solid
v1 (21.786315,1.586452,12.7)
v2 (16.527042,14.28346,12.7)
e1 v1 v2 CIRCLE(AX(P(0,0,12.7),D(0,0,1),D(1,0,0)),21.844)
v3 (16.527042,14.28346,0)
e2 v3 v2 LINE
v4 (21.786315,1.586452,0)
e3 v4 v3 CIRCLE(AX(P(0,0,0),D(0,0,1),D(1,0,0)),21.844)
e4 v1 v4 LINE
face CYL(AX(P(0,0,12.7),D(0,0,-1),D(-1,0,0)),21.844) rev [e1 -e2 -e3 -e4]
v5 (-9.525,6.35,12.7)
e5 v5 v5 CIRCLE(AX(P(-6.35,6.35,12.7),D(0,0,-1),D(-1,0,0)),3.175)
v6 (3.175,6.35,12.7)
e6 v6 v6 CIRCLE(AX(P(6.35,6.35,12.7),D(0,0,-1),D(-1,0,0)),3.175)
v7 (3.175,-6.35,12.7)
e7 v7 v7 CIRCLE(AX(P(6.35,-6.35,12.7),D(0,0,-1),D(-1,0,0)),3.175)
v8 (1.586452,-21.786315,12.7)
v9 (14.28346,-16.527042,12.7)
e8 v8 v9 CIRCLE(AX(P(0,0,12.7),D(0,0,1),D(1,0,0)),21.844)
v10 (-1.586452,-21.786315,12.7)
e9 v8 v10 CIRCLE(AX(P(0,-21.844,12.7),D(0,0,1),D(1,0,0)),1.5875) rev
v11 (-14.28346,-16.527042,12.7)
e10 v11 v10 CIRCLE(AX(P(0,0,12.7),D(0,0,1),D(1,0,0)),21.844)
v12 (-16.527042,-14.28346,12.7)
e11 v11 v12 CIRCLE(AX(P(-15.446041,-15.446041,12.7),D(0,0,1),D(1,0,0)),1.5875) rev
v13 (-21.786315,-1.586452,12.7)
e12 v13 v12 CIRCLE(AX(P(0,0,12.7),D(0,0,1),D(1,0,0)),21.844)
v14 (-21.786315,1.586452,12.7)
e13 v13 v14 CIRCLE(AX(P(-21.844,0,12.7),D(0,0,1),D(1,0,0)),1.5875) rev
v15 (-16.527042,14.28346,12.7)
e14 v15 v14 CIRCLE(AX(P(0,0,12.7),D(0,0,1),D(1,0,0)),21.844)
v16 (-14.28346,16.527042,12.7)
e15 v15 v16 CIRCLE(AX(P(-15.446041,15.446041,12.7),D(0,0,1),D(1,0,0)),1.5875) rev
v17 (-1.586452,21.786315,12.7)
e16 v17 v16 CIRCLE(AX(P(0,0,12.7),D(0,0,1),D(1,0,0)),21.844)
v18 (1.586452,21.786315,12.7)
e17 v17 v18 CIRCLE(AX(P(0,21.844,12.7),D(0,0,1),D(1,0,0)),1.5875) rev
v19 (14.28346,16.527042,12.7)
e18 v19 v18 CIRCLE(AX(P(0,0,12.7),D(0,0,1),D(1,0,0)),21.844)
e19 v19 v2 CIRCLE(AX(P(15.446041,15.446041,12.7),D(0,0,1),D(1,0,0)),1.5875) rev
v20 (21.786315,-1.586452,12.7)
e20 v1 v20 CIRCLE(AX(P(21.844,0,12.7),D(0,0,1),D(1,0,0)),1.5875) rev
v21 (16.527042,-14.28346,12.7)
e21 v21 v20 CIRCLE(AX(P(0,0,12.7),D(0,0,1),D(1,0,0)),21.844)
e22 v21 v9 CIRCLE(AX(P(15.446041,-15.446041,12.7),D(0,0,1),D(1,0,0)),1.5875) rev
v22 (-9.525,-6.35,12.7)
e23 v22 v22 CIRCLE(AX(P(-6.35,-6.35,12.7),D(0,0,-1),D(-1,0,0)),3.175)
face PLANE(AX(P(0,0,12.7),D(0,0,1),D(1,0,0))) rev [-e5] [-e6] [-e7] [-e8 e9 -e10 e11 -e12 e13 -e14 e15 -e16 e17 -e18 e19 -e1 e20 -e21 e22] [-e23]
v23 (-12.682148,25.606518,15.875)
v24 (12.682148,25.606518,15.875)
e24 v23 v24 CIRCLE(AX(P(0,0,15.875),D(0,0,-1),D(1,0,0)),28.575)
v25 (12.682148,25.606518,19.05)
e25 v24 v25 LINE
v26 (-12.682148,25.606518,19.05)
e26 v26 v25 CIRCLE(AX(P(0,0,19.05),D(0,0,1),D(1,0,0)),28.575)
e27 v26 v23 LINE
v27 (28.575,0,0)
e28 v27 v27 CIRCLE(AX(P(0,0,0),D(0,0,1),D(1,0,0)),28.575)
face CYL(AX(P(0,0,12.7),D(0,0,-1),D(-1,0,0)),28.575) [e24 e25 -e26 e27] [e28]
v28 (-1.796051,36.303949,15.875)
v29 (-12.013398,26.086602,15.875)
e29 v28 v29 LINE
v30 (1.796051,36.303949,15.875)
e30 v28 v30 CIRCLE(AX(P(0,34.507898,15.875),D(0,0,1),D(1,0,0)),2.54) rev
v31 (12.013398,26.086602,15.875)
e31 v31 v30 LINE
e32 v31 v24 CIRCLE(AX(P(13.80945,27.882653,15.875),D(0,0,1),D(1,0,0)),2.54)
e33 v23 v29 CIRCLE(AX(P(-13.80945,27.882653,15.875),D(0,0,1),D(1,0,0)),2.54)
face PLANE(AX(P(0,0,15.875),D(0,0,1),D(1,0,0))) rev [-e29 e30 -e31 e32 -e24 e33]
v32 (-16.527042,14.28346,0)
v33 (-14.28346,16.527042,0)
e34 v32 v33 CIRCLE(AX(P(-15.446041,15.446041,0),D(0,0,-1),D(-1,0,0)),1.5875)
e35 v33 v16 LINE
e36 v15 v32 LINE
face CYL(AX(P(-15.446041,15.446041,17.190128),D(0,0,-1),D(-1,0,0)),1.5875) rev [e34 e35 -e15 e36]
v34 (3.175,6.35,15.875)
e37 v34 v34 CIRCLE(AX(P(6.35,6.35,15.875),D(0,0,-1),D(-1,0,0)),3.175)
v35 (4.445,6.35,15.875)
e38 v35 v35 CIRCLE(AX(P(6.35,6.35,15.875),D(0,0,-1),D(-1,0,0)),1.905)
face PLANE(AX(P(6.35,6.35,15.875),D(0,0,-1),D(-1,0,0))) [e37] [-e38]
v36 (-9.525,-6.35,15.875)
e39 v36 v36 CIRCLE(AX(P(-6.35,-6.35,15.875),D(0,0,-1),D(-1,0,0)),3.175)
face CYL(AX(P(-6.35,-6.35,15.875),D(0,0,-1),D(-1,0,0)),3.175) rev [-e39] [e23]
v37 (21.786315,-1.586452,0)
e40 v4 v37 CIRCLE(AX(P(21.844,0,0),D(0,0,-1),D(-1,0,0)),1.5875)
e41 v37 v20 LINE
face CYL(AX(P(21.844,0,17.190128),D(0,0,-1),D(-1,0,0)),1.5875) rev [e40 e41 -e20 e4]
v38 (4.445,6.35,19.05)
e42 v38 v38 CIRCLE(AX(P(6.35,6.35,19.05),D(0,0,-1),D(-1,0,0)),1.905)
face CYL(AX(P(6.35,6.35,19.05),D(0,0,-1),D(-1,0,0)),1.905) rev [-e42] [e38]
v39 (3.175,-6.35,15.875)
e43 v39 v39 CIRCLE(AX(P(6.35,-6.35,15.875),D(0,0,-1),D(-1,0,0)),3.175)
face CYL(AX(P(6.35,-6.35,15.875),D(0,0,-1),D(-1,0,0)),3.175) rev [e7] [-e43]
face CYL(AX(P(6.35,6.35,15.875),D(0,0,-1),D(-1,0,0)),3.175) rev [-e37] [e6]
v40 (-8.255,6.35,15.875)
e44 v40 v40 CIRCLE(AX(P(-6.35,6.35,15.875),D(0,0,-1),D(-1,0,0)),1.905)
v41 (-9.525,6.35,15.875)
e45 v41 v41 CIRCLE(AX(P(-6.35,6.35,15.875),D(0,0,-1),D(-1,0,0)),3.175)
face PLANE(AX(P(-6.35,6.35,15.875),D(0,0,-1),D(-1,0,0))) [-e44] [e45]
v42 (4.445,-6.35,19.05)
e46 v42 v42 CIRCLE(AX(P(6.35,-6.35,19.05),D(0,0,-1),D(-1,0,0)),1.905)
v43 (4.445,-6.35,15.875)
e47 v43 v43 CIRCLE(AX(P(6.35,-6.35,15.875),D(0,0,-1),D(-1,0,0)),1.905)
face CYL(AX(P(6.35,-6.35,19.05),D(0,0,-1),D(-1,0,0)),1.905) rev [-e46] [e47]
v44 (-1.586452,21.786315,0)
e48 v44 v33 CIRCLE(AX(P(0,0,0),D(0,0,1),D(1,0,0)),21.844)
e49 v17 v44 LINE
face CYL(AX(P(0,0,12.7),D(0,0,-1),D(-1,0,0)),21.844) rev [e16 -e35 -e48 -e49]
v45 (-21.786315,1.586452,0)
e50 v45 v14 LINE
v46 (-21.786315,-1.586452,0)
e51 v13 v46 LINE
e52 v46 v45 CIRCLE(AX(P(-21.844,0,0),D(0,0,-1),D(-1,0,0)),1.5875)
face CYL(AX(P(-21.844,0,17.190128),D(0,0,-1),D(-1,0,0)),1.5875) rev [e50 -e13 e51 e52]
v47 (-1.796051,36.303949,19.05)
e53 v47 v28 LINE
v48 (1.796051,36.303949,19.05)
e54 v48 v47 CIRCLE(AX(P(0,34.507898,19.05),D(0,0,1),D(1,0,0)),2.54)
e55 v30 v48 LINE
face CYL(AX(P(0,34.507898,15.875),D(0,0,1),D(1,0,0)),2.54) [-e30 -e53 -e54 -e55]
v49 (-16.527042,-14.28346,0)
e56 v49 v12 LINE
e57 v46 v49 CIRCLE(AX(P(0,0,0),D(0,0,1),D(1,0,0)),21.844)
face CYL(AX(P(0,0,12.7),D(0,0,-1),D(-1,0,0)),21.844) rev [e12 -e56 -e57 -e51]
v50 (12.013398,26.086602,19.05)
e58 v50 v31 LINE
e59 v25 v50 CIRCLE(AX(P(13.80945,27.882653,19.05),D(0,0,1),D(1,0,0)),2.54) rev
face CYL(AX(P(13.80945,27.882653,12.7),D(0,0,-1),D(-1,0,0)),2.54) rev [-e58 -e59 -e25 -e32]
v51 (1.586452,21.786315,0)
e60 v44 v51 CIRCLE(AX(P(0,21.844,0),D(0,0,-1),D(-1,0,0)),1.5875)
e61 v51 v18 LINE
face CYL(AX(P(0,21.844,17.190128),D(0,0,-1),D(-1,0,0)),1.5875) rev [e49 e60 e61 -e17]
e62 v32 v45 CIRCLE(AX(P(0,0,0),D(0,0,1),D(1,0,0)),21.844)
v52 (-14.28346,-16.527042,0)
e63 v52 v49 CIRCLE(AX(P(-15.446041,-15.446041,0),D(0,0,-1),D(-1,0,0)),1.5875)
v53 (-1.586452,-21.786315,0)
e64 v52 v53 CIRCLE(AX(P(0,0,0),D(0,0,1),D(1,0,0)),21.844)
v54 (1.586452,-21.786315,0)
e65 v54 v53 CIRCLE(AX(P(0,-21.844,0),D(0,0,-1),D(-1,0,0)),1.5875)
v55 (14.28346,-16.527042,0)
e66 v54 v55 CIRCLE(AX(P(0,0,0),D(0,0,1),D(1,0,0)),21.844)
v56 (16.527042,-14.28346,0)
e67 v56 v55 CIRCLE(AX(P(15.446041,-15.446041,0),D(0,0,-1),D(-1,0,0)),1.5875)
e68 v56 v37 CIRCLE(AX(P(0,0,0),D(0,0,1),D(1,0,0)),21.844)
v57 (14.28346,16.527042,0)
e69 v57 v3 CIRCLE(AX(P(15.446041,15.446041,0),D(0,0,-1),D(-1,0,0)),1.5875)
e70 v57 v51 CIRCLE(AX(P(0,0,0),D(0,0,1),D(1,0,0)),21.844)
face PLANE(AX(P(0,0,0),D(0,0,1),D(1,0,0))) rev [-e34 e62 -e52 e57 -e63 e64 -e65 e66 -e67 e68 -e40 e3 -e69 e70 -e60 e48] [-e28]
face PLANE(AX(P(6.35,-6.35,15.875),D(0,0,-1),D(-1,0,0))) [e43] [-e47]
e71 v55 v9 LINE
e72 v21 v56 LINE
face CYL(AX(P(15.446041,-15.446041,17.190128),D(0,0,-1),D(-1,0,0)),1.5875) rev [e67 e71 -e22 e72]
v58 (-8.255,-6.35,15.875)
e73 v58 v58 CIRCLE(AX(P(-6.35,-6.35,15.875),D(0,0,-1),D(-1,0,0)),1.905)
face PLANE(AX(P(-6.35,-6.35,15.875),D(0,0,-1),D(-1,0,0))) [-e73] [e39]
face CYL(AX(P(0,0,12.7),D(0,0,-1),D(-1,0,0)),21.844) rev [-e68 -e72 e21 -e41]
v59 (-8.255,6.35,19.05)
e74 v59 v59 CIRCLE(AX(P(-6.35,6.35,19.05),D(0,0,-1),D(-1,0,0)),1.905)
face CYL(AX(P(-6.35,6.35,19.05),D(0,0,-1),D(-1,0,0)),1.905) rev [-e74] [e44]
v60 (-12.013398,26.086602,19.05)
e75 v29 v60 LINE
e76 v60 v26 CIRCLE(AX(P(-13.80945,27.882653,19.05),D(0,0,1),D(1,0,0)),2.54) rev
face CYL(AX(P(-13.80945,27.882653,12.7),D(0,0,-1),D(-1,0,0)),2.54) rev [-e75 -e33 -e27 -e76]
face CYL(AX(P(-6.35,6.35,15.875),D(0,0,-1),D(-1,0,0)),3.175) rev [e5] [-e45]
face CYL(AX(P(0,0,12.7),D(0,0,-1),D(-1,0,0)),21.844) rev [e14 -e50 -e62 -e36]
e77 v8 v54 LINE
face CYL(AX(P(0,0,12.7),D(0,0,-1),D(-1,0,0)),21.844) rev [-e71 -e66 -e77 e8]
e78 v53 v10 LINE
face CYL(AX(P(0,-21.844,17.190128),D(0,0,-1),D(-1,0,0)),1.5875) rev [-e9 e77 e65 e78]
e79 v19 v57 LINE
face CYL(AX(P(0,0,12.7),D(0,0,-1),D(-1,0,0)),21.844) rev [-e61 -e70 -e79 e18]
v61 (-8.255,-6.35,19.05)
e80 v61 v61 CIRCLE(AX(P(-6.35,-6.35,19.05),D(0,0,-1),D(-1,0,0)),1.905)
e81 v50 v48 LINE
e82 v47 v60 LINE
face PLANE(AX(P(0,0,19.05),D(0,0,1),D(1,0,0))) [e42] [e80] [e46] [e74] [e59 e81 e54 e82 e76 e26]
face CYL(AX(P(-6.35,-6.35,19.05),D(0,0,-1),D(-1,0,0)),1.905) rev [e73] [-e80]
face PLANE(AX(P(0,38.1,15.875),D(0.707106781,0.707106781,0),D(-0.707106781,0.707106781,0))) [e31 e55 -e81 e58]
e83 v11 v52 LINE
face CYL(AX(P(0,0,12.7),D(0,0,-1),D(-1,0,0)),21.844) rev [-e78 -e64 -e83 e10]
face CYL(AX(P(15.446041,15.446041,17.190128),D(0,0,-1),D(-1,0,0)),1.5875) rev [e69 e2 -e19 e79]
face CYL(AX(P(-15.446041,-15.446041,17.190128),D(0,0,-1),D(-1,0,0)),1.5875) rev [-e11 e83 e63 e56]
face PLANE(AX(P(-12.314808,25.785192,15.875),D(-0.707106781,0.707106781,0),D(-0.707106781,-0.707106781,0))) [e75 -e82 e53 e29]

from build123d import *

# Parameters (mm, degrees)
SKETCH1_R           = 28.575
SKETCH1_R_2         = 21.844
BOSS_EXTRUDE1_DEPTH = 12.7
SKETCH2_R           = 28.575
BOSS_EXTRUDE2_DEPTH = 6.35
BOSS_EXTRUDE3_START = -3.175
BOSS_EXTRUDE3_DEPTH = 3.175
FILLET1_R           = 2.54
SKETCH4_R           = 1.5875
CUT_EXTRUDE1_DEPTH  = 12.7
SKETCH5_R           = 3.175
CUT_EXTRUDE2_DEPTH  = 3.175
SKETCH6_R           = 1.905
CUT_EXTRUDE3_DEPTH  = 50.407418097


with BuildPart() as part:
    # Sketch1 → Boss-Extrude1 (new body)
    with BuildSketch(Plane.XY):
        Circle(SKETCH1_R)
        Circle(SKETCH1_R_2, mode=Mode.SUBTRACT)
    extrude(amount=BOSS_EXTRUDE1_DEPTH)

    # Sketch2 → Boss-Extrude2 (add)
    with BuildSketch(Plane.XY.offset(12.7)):
        Circle(SKETCH2_R)
    extrude(amount=BOSS_EXTRUDE2_DEPTH)

    # Sketch3 → Boss-Extrude3 (add)
    with BuildSketch(Plane.XY.offset(19.05).offset(BOSS_EXTRUDE3_START)):
        with BuildLine():
            Line((-12.314807909, 25.785192091), (0, 38.1))
            Line((0, 38.1), (12.314807909, 25.785192091))
            ThreePointArc((12.314807909, 25.785192091), (0, 28.575), (-12.314807909, 25.785192091))
        make_face()
    extrude(amount=BOSS_EXTRUDE3_DEPTH)

    # Fillet1
    fillet1_edges = [part.edges().sort_by_distance(p)[0] for p in [
        (12.314807909, 25.785192091, 17.4625),
        (-12.314807909, 25.785192091, 17.4625),
        (0, 38.1, 17.4625),
    ]]
    fillet(fillet1_edges, radius=FILLET1_R)

    # Sketch4 → Cut-Extrude1 (cut)
    with BuildSketch(Plane(origin=(0, 0, 0), x_dir=(-1, 0, 0), z_dir=(0, 0, -1))):
        with Locations((0, 21.844)):
            Circle(SKETCH4_R)
        with Locations((15.446040528, 15.446040528)):
            Circle(SKETCH4_R)
        with Locations((21.844, 0)):
            Circle(SKETCH4_R)
        with Locations((15.446040528, -15.446040528)):
            Circle(SKETCH4_R)
        with Locations((0, -21.844)):
            Circle(SKETCH4_R)
        with Locations((-15.446040528, -15.446040528)):
            Circle(SKETCH4_R)
        with Locations((-21.844, 0)):
            Circle(SKETCH4_R)
        with Locations((-15.446040528, 15.446040528)):
            Circle(SKETCH4_R)
    extrude(amount=-CUT_EXTRUDE1_DEPTH, mode=Mode.SUBTRACT)

    # Sketch5 → Cut-Extrude2 (cut)
    with BuildSketch(Plane(origin=(0, 0, 12.7), x_dir=(-1, 0, 0), z_dir=(0, 0, -1))):
        with Locations((-6.35, 6.35)):
            Circle(SKETCH5_R)
        with Locations((6.35, 6.35)):
            Circle(SKETCH5_R)
        with Locations((6.35, -6.35)):
            Circle(SKETCH5_R)
        with Locations((-6.35, -6.35)):
            Circle(SKETCH5_R)
    extrude(amount=-CUT_EXTRUDE2_DEPTH, mode=Mode.SUBTRACT)

    # Sketch6 → Cut-Extrude3 (cut, through all)
    with BuildSketch(Plane(origin=(0, 0, 15.875), x_dir=(-1, 0, 0), z_dir=(0, 0, -1))):
        with Locations((-6.35, 6.35)):
            Circle(SKETCH6_R)
        with Locations((6.35, 6.35)):
            Circle(SKETCH6_R)
        with Locations((6.35, -6.35)):
            Circle(SKETCH6_R)
        with Locations((-6.35, -6.35)):
            Circle(SKETCH6_R)
    extrude(amount=-CUT_EXTRUDE3_DEPTH, mode=Mode.SUBTRACT)


solid = part.part
